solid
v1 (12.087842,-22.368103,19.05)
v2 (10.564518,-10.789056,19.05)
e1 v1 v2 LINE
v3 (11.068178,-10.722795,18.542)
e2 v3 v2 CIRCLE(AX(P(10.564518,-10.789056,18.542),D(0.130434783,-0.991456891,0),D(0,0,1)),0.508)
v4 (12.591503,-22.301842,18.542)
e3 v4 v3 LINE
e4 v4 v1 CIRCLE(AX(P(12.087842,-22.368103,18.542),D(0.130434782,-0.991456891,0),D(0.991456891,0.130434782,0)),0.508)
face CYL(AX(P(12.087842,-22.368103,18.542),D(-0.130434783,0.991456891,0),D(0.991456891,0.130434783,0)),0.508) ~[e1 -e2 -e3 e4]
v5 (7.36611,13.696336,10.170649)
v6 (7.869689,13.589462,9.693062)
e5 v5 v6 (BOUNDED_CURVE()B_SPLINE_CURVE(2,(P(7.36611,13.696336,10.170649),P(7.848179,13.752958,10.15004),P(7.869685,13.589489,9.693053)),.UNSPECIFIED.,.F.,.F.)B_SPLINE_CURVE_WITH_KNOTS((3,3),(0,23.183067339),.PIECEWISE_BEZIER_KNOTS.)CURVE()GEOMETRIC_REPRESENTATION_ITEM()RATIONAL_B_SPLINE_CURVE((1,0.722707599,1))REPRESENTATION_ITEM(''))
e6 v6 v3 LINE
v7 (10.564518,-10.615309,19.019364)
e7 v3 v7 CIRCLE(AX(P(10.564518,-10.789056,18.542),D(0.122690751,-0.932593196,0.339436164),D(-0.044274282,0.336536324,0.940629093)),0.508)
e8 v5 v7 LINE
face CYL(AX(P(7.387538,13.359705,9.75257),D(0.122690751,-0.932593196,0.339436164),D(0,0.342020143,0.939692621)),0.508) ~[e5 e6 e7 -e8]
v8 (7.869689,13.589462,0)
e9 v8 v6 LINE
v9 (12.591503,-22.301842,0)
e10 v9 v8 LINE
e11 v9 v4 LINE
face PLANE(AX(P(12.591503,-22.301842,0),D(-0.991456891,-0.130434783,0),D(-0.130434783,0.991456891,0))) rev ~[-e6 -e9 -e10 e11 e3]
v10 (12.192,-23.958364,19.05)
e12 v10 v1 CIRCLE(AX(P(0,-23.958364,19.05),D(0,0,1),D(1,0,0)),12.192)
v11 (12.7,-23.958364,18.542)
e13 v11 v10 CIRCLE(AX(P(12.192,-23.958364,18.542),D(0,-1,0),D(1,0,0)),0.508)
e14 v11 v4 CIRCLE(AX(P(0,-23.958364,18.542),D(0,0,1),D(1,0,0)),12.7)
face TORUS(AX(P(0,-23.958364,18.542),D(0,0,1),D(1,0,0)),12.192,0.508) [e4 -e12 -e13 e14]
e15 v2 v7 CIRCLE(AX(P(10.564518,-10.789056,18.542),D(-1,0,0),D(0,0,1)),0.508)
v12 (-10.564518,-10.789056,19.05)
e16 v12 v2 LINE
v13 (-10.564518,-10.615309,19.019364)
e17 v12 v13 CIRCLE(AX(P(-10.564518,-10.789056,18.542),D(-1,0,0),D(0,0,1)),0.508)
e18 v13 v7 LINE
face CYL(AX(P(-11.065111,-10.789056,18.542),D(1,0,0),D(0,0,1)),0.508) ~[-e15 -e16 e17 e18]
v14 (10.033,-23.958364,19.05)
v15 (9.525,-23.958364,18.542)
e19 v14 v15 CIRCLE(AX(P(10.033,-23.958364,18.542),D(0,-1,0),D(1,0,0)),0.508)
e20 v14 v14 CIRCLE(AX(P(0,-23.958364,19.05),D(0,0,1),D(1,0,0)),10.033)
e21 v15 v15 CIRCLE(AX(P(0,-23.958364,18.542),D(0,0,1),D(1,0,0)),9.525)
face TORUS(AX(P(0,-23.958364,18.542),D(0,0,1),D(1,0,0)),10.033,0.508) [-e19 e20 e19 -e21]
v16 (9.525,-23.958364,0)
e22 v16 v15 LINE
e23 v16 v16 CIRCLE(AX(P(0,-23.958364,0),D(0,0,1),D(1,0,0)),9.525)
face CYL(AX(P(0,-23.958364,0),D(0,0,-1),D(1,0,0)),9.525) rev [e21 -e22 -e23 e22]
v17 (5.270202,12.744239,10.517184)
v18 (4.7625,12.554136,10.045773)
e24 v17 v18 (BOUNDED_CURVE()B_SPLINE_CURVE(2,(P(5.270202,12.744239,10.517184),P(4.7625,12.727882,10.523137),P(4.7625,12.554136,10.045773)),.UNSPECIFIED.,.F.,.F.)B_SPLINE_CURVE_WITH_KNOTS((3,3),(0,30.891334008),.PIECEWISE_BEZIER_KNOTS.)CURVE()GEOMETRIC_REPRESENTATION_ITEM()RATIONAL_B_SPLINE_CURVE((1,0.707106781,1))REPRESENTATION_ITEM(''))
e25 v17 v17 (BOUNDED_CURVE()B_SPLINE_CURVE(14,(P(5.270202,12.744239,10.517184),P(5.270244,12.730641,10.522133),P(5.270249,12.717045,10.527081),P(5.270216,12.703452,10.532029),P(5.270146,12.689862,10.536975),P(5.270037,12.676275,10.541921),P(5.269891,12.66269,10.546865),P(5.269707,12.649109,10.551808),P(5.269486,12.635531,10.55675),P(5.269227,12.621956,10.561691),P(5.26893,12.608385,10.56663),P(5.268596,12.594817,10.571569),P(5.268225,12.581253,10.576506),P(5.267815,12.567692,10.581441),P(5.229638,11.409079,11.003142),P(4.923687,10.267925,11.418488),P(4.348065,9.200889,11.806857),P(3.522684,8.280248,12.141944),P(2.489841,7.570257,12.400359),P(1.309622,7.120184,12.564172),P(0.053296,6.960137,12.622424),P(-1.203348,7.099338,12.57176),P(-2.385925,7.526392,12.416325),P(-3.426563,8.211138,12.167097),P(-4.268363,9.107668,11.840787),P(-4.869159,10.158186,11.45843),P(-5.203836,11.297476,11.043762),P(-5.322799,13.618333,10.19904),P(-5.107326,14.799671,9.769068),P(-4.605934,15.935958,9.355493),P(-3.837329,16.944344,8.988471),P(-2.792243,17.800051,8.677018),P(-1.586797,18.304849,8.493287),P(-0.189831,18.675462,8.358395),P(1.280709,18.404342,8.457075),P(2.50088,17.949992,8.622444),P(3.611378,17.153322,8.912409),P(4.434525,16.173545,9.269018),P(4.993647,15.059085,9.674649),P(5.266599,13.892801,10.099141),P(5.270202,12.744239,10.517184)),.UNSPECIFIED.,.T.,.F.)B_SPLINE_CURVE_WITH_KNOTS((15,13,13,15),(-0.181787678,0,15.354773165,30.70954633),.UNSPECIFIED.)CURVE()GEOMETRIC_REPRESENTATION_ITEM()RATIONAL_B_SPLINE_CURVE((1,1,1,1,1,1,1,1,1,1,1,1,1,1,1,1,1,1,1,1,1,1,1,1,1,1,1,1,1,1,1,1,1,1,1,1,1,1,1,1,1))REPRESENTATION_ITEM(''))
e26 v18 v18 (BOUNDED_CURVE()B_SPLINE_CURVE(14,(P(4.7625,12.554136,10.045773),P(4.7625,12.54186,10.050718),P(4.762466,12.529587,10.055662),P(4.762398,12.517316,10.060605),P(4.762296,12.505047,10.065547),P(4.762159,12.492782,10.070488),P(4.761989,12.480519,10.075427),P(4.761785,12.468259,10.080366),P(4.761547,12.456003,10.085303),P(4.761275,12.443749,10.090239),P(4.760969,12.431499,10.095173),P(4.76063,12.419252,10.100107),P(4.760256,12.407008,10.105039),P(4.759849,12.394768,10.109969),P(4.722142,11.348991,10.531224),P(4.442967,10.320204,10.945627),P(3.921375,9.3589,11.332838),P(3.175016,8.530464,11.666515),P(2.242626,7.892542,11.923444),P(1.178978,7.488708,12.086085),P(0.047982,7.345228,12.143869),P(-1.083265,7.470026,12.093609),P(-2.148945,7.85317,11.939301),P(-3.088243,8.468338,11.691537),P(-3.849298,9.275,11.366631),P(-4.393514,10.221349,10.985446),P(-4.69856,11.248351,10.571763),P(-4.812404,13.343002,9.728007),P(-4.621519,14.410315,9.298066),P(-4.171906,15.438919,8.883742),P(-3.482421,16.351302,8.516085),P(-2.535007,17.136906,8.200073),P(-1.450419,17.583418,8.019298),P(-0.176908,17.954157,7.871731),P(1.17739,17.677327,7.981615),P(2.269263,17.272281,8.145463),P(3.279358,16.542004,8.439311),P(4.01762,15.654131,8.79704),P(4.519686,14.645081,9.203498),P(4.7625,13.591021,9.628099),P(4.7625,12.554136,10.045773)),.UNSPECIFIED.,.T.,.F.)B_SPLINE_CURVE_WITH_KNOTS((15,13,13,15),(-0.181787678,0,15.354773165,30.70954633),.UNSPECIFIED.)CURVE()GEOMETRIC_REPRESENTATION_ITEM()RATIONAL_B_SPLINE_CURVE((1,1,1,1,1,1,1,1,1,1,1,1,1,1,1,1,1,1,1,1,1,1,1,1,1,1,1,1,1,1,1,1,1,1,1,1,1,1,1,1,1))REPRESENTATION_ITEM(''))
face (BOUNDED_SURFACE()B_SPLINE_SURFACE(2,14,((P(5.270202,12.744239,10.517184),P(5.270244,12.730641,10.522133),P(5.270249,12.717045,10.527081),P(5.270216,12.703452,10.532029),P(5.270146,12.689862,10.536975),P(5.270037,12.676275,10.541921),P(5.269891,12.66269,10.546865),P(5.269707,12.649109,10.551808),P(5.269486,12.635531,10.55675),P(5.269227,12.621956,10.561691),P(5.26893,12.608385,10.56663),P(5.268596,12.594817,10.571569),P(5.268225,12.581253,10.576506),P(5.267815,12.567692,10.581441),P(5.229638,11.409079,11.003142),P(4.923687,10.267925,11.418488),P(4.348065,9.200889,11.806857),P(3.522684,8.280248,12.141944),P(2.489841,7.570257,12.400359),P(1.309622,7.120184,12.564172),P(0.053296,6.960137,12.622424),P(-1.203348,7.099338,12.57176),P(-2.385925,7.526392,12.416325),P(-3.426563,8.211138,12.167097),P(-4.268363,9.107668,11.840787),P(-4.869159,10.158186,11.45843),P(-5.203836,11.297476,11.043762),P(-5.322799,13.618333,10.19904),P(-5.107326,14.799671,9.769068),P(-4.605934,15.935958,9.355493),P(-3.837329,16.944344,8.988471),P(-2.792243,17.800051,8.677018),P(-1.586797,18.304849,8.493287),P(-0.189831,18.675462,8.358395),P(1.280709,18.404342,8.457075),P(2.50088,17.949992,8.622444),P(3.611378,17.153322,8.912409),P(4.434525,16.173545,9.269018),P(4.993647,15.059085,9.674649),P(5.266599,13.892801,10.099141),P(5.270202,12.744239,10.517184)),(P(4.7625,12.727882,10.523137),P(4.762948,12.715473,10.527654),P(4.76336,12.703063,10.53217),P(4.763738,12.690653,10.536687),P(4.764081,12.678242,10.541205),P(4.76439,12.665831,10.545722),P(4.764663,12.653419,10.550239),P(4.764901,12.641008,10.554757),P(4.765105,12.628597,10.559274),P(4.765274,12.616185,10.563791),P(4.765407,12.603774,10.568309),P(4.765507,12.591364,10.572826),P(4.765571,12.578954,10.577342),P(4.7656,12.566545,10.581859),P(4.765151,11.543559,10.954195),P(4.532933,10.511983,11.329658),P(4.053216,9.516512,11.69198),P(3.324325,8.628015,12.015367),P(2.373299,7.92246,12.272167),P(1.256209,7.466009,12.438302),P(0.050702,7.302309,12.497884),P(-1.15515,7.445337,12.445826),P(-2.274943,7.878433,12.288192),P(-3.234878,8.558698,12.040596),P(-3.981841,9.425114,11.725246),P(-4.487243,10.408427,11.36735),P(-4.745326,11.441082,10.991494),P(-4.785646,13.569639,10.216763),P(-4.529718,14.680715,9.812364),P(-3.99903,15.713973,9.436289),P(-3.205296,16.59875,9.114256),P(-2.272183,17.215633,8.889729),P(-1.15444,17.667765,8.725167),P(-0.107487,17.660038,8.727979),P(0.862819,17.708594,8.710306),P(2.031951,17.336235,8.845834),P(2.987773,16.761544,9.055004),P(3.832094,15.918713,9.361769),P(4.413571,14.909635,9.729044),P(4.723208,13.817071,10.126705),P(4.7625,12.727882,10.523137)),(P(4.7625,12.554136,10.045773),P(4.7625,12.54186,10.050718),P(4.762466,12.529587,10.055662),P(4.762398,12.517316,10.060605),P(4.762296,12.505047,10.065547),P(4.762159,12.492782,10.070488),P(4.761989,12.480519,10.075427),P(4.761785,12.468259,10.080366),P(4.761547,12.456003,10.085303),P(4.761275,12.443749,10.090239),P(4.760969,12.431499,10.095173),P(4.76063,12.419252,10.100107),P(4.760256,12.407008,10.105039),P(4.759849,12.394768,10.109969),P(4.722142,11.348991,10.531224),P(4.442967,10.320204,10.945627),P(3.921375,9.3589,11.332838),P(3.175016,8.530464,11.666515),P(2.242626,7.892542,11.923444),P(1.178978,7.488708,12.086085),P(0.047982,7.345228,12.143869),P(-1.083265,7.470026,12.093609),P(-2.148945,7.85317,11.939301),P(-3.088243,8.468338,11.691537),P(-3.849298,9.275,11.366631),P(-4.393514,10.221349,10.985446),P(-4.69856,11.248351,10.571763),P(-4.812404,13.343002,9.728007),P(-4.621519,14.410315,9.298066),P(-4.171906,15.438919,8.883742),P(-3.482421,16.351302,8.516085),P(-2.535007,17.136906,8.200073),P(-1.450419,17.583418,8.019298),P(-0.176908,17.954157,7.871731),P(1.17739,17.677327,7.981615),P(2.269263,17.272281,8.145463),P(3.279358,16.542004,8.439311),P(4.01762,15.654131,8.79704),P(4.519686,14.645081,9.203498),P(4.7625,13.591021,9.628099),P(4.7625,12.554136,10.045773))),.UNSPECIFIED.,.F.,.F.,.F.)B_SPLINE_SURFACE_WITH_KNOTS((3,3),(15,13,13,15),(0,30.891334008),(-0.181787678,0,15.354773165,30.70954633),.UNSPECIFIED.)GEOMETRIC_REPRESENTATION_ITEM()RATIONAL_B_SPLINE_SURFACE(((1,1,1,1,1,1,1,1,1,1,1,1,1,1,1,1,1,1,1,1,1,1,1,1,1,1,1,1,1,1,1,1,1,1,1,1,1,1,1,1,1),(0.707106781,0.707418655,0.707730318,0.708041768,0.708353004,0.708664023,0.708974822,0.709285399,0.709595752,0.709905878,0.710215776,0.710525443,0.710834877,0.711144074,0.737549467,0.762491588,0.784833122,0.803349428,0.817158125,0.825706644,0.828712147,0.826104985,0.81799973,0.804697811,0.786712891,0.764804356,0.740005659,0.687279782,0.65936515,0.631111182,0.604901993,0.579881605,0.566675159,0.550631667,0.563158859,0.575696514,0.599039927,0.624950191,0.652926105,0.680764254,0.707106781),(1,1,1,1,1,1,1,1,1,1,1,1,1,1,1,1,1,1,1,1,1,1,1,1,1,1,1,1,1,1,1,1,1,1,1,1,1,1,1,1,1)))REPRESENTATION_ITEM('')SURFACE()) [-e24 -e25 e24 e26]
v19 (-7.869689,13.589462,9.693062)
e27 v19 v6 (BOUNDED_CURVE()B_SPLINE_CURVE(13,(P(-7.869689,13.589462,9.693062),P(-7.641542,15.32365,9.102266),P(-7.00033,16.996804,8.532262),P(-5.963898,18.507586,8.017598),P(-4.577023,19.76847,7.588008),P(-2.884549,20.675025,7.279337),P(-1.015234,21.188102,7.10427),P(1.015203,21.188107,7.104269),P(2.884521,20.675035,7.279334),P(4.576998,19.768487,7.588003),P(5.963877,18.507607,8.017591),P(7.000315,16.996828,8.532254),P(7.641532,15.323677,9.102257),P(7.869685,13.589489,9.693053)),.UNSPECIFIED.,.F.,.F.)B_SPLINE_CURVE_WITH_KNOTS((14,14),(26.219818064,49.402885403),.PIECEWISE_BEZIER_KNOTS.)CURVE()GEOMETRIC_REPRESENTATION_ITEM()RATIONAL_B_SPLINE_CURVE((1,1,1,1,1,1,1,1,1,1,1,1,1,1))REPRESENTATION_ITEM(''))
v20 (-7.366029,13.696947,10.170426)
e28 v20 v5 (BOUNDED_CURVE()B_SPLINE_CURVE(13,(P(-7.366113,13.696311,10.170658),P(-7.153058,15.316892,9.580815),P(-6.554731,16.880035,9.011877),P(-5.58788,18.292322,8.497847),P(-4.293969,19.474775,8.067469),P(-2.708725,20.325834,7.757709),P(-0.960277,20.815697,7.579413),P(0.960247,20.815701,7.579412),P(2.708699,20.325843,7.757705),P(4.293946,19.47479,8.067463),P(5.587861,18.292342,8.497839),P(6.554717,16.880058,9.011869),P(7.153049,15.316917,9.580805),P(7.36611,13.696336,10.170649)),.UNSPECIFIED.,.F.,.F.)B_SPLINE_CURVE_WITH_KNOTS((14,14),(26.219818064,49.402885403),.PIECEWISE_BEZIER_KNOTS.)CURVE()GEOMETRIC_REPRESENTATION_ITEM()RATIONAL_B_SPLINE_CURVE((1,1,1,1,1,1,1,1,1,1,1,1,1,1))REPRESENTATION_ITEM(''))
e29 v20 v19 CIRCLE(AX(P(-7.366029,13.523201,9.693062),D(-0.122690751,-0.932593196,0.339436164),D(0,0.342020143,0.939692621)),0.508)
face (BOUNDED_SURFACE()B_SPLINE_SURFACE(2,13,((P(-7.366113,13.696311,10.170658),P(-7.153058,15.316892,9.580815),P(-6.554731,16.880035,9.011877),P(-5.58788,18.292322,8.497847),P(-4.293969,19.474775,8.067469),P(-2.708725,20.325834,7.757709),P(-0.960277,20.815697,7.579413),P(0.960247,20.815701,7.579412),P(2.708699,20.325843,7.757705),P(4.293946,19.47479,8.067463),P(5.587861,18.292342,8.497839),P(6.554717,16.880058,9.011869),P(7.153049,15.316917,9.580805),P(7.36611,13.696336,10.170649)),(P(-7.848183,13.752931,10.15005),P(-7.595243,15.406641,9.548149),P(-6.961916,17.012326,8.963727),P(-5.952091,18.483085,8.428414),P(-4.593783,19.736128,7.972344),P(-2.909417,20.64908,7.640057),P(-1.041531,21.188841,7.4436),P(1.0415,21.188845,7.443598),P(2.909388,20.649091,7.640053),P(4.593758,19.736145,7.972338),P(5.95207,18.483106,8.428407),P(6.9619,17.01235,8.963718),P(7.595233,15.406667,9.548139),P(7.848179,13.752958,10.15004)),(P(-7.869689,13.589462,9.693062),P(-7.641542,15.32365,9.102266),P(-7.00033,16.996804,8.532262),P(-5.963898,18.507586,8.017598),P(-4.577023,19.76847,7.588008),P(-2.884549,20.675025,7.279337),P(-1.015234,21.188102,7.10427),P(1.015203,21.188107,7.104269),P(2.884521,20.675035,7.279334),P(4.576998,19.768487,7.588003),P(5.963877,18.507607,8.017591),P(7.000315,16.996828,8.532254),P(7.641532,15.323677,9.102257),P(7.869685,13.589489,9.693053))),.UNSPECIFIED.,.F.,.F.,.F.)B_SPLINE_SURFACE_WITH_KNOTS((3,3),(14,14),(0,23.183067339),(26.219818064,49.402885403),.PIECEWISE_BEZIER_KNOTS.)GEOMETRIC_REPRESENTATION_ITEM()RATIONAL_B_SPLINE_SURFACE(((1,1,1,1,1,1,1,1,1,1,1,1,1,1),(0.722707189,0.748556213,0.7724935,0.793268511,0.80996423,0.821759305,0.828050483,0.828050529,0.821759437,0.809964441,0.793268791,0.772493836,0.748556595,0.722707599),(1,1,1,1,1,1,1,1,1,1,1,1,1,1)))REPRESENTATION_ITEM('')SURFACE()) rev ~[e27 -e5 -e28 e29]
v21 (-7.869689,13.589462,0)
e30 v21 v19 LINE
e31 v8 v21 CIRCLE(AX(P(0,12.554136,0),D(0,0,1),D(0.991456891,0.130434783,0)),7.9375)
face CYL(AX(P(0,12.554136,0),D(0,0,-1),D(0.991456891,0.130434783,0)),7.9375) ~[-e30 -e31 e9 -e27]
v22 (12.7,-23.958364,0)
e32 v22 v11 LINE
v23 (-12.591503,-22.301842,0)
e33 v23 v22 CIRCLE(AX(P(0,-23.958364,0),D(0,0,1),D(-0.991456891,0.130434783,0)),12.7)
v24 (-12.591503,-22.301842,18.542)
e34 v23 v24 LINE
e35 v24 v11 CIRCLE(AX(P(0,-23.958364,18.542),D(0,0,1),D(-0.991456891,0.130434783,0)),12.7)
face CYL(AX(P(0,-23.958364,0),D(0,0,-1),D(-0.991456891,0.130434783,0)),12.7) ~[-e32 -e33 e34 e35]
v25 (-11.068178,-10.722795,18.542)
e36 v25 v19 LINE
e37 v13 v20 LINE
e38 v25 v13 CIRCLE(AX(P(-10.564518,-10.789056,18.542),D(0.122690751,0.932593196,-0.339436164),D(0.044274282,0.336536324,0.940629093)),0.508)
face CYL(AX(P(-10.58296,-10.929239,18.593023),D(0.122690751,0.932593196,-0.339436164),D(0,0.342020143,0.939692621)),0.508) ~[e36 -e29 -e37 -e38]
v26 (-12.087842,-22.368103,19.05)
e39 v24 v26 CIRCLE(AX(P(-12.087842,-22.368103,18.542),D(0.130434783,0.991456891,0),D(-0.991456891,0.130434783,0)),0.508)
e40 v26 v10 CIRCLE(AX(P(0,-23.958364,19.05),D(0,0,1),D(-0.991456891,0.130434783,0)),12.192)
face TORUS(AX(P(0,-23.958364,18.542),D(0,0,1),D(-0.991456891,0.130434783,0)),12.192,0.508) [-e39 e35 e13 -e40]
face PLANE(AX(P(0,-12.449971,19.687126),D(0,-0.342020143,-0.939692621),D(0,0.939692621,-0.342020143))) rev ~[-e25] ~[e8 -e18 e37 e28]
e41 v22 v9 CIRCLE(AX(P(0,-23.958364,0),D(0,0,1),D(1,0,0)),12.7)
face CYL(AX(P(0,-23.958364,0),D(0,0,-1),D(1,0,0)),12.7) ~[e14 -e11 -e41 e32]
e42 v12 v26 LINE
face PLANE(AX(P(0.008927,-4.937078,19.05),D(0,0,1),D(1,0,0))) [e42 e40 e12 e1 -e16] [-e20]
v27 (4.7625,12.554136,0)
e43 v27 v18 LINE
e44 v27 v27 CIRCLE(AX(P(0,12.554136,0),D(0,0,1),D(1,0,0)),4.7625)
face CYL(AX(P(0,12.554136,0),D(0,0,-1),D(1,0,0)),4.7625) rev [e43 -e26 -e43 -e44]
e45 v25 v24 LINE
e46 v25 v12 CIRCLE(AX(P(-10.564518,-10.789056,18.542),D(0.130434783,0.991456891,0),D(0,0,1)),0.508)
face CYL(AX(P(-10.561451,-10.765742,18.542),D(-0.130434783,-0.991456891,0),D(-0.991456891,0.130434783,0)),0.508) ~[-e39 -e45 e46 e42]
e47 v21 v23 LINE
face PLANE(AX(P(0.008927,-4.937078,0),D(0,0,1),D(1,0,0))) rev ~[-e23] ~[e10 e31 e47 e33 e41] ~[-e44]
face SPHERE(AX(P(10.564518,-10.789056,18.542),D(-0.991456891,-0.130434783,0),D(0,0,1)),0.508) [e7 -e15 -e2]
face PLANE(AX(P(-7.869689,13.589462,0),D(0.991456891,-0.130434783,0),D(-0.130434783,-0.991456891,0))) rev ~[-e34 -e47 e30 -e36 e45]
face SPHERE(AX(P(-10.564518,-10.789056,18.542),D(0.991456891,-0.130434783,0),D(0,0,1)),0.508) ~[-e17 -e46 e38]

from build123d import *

# Parameters (mm, degrees)
F0_R     = 4.7625
F0_R_2   = 9.525
F1_DEPTH = 19.05
F3_DEPTH = 12.7
F4_R     = 0.508


with BuildPart() as f1:
    # F0 (on Top) → F1 (new body)
    with BuildSketch(Plane.XY):
        with BuildLine():
            ThreePointArc((-12.5915025207, -22.3018423613), (0, -11.2583641004), (12.5915025207, -22.3018423613))
            Line((12.5915025207, -22.3018423613), (7.8696890754, 13.5894619866))
            ThreePointArc((7.8696890754, 13.5894619866), (7.9205291265, 13.0729081107), (7.9375, 12.5541358996))
            ThreePointArc((7.9375, 12.5541358996), (-0.518772211, 4.6336067732), (-7.8696890754, 13.5894619866))
            Line((-7.8696890754, 13.5894619866), (-12.5915025207, -22.3018423613))
        make_face()
        with BuildLine():
            ThreePointArc((7.9375, 12.5541358996), (7.9205291265, 13.0729081107), (7.8696890754, 13.5894619866))
            ThreePointArc((7.8696890754, 13.5894619866), (0, 20.4916358996), (-7.8696890754, 13.5894619866))
            ThreePointArc((-7.8696890754, 13.5894619866), (-0.518772211, 4.6336067732), (7.9375, 12.5541358996))
        make_face()
        with Locations((0, 12.5541358996)):
            Circle(F0_R, mode=Mode.SUBTRACT)
        with BuildLine():
            ThreePointArc((-12.5915025207, -22.3018423613), (-0.8300355377, -36.6312107027), (12.7, -23.9583641004))
            ThreePointArc((12.7, -23.9583641004), (12.6728466023, -23.1283285627), (12.5915025207, -22.3018423613))
            ThreePointArc((12.5915025207, -22.3018423613), (0, -11.2583641004), (-12.5915025207, -22.3018423613))
        make_face()
        with Locations((0, -23.9583641004)):
            Circle(F0_R_2, mode=Mode.SUBTRACT)
    extrude(amount=F1_DEPTH)

    # F2 (on Right) → F3 (cut, symmetric)
    with BuildSketch(Plane.YZ):
        Polygon((27.539246283, 19.6871260232), (-12.4499707691, 19.6871260232), (27.539246283, 5.1322413246), align=None)
    extrude(amount=F3_DEPTH, both=True, mode=Mode.SUBTRACT)

    # F4
    f4_edges = [f1.edges().sort_by_distance(p)[0] for p in [
        (0, -10.699481, 19.05),
        (0, -36.658364, 19.05),
        (9.4674, 1.44499, 14.629774),
        (-9.525, -23.958364, 19.05),
        (-4.7625, 12.554128, 10.586378),
    ]]
    fillet(f4_edges, radius=F4_R)


solid = f1.part
